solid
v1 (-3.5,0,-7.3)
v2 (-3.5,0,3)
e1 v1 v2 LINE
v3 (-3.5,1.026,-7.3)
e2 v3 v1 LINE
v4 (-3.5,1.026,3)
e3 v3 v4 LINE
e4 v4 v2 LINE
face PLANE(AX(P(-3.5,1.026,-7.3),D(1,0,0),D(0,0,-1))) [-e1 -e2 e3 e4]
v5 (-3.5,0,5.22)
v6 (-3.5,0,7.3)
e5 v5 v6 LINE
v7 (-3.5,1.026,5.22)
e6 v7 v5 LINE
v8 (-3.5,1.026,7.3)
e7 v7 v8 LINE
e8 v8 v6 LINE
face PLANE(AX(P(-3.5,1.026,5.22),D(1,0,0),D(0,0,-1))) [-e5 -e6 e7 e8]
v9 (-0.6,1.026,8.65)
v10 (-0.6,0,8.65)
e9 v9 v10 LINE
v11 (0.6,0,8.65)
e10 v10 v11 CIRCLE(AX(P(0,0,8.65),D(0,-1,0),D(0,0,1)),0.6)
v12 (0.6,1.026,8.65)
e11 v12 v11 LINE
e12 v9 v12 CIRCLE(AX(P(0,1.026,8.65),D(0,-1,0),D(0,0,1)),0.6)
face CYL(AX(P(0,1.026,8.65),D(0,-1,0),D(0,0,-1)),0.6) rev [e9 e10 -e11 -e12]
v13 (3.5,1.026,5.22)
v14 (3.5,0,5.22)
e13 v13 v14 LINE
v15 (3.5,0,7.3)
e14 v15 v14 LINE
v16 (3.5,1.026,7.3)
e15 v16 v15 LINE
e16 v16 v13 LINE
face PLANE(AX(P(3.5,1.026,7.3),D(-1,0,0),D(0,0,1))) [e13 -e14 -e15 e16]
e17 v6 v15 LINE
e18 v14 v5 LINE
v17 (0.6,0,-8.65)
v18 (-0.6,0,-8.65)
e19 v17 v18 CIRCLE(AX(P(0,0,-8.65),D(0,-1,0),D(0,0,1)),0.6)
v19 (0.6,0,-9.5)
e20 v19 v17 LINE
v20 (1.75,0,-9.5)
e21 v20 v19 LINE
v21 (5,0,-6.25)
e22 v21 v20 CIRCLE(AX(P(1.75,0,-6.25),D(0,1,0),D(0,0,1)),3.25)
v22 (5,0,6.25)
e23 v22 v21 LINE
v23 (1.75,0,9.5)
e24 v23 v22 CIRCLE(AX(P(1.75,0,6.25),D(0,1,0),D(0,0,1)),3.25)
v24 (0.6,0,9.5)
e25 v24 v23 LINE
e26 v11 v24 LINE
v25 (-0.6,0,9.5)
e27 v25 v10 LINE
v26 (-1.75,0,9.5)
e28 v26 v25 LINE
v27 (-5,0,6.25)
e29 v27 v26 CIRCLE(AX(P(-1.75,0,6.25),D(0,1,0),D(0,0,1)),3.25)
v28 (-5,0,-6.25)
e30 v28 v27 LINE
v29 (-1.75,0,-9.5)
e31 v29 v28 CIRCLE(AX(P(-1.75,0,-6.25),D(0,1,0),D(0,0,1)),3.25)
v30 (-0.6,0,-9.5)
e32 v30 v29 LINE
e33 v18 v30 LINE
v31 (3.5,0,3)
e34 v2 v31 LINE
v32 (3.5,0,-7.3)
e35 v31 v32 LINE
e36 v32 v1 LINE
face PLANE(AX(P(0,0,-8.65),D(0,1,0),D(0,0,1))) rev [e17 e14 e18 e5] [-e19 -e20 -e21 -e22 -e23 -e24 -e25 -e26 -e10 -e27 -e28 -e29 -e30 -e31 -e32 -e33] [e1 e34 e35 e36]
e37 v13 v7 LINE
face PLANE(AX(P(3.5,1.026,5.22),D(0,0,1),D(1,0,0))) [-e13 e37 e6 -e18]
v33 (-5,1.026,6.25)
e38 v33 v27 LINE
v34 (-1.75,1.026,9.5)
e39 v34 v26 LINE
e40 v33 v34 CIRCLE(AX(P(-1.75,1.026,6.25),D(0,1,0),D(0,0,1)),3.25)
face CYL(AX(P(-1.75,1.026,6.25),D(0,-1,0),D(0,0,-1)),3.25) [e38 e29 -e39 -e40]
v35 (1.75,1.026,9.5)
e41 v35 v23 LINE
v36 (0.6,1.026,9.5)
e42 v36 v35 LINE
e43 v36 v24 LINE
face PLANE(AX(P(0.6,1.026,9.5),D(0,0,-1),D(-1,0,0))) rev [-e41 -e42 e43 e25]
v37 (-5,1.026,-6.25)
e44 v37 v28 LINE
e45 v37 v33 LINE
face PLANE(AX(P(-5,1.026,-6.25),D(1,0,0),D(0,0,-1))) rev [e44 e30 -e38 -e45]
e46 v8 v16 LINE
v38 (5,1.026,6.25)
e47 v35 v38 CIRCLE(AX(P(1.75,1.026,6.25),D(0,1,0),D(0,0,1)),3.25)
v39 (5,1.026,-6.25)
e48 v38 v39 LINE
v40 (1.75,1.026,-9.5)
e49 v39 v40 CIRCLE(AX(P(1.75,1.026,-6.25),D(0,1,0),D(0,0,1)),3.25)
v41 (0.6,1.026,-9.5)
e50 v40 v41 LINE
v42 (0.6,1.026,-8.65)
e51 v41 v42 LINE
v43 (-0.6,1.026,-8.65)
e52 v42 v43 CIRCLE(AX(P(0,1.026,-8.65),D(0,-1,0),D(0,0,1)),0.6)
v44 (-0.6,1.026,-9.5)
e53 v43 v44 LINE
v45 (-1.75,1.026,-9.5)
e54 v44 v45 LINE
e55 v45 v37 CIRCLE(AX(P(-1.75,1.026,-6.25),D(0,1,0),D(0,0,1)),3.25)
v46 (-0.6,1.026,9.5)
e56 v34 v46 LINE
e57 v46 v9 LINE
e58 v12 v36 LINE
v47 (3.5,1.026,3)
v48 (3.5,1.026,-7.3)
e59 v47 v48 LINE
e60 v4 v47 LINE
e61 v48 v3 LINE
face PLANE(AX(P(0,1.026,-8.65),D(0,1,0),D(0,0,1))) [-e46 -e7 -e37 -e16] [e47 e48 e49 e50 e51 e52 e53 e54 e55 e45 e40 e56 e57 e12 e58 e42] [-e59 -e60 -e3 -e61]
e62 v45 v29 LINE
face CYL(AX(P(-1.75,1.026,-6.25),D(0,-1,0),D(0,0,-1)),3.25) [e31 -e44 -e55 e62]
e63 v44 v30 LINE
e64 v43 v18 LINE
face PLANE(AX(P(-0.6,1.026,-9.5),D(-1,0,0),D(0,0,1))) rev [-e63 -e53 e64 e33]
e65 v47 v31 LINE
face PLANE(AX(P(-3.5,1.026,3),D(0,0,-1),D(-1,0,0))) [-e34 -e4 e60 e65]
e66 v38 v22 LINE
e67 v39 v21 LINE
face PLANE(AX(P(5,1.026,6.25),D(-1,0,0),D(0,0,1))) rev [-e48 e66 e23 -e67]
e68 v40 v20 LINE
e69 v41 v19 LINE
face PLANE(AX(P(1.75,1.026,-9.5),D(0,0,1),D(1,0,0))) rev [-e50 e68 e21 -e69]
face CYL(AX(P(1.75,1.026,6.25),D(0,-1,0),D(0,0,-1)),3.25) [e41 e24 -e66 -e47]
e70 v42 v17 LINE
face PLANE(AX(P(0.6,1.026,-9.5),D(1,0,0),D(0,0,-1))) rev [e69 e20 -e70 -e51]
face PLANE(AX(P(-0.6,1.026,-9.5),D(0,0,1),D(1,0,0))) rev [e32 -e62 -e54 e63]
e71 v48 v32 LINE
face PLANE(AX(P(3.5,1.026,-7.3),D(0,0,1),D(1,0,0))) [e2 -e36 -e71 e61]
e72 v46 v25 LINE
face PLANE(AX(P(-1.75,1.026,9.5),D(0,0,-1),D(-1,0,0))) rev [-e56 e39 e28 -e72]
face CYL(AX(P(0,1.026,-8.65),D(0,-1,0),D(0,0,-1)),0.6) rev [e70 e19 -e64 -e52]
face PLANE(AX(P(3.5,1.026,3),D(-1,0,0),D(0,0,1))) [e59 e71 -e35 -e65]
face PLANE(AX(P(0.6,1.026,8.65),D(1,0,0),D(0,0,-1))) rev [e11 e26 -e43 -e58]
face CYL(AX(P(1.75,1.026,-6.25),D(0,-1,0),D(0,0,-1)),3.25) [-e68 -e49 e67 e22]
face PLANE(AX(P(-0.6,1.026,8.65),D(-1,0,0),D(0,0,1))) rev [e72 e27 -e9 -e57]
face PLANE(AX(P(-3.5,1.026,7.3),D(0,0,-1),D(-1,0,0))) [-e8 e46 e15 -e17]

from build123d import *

# Parameters (mm, degrees)
SKETCH2_W           = 7
SKETCH2_H           = 10.3
SKETCH2_H_2         = 2.08
BOSS_EXTRUDE1_DEPTH = 1.026


with BuildPart() as part:
    # Sketch2 → Boss-Extrude1 (new body)
    with BuildSketch(Plane(origin=(0, 0, 0), x_dir=(1, 0, 0), z_dir=(0, 1, 0))):
        with BuildLine():
            Line((-0.6, 9.5), (-1.75, 9.5))
            ThreePointArc((-1.75, 9.5), (-4.048097039, 8.548097039), (-5, 6.25))
            Line((-5, 6.25), (-5, -6.25))
            ThreePointArc((-5, -6.25), (-4.048097039, -8.548097039), (-1.75, -9.5))
            Line((-1.75, -9.5), (-0.6, -9.5))
            Line((-0.6, -9.5), (-0.6, -8.65))
            ThreePointArc((-0.6, -8.65), (0, -8.05), (0.6, -8.65))
            Line((0.6, -8.65), (0.6, -9.5))
            Line((0.6, -9.5), (1.75, -9.5))
            ThreePointArc((1.75, -9.5), (4.048097039, -8.548097039), (5, -6.25))
            Line((5, -6.25), (5, 6.25))
            ThreePointArc((5, 6.25), (4.048097039, 8.548097039), (1.75, 9.5))
            Line((1.75, 9.5), (0.6, 9.5))
            Line((0.6, 9.5), (0.6, 8.65))
            ThreePointArc((0.6, 8.65), (0, 8.05), (-0.6, 8.65))
            Line((-0.6, 8.65), (-0.6, 9.5))
        make_face()
        with Locations((0, 2.15)):
            Rectangle(SKETCH2_W, SKETCH2_H, mode=Mode.SUBTRACT)
        with Locations((0, -6.26)):
            Rectangle(SKETCH2_W, SKETCH2_H_2, mode=Mode.SUBTRACT)
    extrude(amount=BOSS_EXTRUDE1_DEPTH)


solid = part.part
